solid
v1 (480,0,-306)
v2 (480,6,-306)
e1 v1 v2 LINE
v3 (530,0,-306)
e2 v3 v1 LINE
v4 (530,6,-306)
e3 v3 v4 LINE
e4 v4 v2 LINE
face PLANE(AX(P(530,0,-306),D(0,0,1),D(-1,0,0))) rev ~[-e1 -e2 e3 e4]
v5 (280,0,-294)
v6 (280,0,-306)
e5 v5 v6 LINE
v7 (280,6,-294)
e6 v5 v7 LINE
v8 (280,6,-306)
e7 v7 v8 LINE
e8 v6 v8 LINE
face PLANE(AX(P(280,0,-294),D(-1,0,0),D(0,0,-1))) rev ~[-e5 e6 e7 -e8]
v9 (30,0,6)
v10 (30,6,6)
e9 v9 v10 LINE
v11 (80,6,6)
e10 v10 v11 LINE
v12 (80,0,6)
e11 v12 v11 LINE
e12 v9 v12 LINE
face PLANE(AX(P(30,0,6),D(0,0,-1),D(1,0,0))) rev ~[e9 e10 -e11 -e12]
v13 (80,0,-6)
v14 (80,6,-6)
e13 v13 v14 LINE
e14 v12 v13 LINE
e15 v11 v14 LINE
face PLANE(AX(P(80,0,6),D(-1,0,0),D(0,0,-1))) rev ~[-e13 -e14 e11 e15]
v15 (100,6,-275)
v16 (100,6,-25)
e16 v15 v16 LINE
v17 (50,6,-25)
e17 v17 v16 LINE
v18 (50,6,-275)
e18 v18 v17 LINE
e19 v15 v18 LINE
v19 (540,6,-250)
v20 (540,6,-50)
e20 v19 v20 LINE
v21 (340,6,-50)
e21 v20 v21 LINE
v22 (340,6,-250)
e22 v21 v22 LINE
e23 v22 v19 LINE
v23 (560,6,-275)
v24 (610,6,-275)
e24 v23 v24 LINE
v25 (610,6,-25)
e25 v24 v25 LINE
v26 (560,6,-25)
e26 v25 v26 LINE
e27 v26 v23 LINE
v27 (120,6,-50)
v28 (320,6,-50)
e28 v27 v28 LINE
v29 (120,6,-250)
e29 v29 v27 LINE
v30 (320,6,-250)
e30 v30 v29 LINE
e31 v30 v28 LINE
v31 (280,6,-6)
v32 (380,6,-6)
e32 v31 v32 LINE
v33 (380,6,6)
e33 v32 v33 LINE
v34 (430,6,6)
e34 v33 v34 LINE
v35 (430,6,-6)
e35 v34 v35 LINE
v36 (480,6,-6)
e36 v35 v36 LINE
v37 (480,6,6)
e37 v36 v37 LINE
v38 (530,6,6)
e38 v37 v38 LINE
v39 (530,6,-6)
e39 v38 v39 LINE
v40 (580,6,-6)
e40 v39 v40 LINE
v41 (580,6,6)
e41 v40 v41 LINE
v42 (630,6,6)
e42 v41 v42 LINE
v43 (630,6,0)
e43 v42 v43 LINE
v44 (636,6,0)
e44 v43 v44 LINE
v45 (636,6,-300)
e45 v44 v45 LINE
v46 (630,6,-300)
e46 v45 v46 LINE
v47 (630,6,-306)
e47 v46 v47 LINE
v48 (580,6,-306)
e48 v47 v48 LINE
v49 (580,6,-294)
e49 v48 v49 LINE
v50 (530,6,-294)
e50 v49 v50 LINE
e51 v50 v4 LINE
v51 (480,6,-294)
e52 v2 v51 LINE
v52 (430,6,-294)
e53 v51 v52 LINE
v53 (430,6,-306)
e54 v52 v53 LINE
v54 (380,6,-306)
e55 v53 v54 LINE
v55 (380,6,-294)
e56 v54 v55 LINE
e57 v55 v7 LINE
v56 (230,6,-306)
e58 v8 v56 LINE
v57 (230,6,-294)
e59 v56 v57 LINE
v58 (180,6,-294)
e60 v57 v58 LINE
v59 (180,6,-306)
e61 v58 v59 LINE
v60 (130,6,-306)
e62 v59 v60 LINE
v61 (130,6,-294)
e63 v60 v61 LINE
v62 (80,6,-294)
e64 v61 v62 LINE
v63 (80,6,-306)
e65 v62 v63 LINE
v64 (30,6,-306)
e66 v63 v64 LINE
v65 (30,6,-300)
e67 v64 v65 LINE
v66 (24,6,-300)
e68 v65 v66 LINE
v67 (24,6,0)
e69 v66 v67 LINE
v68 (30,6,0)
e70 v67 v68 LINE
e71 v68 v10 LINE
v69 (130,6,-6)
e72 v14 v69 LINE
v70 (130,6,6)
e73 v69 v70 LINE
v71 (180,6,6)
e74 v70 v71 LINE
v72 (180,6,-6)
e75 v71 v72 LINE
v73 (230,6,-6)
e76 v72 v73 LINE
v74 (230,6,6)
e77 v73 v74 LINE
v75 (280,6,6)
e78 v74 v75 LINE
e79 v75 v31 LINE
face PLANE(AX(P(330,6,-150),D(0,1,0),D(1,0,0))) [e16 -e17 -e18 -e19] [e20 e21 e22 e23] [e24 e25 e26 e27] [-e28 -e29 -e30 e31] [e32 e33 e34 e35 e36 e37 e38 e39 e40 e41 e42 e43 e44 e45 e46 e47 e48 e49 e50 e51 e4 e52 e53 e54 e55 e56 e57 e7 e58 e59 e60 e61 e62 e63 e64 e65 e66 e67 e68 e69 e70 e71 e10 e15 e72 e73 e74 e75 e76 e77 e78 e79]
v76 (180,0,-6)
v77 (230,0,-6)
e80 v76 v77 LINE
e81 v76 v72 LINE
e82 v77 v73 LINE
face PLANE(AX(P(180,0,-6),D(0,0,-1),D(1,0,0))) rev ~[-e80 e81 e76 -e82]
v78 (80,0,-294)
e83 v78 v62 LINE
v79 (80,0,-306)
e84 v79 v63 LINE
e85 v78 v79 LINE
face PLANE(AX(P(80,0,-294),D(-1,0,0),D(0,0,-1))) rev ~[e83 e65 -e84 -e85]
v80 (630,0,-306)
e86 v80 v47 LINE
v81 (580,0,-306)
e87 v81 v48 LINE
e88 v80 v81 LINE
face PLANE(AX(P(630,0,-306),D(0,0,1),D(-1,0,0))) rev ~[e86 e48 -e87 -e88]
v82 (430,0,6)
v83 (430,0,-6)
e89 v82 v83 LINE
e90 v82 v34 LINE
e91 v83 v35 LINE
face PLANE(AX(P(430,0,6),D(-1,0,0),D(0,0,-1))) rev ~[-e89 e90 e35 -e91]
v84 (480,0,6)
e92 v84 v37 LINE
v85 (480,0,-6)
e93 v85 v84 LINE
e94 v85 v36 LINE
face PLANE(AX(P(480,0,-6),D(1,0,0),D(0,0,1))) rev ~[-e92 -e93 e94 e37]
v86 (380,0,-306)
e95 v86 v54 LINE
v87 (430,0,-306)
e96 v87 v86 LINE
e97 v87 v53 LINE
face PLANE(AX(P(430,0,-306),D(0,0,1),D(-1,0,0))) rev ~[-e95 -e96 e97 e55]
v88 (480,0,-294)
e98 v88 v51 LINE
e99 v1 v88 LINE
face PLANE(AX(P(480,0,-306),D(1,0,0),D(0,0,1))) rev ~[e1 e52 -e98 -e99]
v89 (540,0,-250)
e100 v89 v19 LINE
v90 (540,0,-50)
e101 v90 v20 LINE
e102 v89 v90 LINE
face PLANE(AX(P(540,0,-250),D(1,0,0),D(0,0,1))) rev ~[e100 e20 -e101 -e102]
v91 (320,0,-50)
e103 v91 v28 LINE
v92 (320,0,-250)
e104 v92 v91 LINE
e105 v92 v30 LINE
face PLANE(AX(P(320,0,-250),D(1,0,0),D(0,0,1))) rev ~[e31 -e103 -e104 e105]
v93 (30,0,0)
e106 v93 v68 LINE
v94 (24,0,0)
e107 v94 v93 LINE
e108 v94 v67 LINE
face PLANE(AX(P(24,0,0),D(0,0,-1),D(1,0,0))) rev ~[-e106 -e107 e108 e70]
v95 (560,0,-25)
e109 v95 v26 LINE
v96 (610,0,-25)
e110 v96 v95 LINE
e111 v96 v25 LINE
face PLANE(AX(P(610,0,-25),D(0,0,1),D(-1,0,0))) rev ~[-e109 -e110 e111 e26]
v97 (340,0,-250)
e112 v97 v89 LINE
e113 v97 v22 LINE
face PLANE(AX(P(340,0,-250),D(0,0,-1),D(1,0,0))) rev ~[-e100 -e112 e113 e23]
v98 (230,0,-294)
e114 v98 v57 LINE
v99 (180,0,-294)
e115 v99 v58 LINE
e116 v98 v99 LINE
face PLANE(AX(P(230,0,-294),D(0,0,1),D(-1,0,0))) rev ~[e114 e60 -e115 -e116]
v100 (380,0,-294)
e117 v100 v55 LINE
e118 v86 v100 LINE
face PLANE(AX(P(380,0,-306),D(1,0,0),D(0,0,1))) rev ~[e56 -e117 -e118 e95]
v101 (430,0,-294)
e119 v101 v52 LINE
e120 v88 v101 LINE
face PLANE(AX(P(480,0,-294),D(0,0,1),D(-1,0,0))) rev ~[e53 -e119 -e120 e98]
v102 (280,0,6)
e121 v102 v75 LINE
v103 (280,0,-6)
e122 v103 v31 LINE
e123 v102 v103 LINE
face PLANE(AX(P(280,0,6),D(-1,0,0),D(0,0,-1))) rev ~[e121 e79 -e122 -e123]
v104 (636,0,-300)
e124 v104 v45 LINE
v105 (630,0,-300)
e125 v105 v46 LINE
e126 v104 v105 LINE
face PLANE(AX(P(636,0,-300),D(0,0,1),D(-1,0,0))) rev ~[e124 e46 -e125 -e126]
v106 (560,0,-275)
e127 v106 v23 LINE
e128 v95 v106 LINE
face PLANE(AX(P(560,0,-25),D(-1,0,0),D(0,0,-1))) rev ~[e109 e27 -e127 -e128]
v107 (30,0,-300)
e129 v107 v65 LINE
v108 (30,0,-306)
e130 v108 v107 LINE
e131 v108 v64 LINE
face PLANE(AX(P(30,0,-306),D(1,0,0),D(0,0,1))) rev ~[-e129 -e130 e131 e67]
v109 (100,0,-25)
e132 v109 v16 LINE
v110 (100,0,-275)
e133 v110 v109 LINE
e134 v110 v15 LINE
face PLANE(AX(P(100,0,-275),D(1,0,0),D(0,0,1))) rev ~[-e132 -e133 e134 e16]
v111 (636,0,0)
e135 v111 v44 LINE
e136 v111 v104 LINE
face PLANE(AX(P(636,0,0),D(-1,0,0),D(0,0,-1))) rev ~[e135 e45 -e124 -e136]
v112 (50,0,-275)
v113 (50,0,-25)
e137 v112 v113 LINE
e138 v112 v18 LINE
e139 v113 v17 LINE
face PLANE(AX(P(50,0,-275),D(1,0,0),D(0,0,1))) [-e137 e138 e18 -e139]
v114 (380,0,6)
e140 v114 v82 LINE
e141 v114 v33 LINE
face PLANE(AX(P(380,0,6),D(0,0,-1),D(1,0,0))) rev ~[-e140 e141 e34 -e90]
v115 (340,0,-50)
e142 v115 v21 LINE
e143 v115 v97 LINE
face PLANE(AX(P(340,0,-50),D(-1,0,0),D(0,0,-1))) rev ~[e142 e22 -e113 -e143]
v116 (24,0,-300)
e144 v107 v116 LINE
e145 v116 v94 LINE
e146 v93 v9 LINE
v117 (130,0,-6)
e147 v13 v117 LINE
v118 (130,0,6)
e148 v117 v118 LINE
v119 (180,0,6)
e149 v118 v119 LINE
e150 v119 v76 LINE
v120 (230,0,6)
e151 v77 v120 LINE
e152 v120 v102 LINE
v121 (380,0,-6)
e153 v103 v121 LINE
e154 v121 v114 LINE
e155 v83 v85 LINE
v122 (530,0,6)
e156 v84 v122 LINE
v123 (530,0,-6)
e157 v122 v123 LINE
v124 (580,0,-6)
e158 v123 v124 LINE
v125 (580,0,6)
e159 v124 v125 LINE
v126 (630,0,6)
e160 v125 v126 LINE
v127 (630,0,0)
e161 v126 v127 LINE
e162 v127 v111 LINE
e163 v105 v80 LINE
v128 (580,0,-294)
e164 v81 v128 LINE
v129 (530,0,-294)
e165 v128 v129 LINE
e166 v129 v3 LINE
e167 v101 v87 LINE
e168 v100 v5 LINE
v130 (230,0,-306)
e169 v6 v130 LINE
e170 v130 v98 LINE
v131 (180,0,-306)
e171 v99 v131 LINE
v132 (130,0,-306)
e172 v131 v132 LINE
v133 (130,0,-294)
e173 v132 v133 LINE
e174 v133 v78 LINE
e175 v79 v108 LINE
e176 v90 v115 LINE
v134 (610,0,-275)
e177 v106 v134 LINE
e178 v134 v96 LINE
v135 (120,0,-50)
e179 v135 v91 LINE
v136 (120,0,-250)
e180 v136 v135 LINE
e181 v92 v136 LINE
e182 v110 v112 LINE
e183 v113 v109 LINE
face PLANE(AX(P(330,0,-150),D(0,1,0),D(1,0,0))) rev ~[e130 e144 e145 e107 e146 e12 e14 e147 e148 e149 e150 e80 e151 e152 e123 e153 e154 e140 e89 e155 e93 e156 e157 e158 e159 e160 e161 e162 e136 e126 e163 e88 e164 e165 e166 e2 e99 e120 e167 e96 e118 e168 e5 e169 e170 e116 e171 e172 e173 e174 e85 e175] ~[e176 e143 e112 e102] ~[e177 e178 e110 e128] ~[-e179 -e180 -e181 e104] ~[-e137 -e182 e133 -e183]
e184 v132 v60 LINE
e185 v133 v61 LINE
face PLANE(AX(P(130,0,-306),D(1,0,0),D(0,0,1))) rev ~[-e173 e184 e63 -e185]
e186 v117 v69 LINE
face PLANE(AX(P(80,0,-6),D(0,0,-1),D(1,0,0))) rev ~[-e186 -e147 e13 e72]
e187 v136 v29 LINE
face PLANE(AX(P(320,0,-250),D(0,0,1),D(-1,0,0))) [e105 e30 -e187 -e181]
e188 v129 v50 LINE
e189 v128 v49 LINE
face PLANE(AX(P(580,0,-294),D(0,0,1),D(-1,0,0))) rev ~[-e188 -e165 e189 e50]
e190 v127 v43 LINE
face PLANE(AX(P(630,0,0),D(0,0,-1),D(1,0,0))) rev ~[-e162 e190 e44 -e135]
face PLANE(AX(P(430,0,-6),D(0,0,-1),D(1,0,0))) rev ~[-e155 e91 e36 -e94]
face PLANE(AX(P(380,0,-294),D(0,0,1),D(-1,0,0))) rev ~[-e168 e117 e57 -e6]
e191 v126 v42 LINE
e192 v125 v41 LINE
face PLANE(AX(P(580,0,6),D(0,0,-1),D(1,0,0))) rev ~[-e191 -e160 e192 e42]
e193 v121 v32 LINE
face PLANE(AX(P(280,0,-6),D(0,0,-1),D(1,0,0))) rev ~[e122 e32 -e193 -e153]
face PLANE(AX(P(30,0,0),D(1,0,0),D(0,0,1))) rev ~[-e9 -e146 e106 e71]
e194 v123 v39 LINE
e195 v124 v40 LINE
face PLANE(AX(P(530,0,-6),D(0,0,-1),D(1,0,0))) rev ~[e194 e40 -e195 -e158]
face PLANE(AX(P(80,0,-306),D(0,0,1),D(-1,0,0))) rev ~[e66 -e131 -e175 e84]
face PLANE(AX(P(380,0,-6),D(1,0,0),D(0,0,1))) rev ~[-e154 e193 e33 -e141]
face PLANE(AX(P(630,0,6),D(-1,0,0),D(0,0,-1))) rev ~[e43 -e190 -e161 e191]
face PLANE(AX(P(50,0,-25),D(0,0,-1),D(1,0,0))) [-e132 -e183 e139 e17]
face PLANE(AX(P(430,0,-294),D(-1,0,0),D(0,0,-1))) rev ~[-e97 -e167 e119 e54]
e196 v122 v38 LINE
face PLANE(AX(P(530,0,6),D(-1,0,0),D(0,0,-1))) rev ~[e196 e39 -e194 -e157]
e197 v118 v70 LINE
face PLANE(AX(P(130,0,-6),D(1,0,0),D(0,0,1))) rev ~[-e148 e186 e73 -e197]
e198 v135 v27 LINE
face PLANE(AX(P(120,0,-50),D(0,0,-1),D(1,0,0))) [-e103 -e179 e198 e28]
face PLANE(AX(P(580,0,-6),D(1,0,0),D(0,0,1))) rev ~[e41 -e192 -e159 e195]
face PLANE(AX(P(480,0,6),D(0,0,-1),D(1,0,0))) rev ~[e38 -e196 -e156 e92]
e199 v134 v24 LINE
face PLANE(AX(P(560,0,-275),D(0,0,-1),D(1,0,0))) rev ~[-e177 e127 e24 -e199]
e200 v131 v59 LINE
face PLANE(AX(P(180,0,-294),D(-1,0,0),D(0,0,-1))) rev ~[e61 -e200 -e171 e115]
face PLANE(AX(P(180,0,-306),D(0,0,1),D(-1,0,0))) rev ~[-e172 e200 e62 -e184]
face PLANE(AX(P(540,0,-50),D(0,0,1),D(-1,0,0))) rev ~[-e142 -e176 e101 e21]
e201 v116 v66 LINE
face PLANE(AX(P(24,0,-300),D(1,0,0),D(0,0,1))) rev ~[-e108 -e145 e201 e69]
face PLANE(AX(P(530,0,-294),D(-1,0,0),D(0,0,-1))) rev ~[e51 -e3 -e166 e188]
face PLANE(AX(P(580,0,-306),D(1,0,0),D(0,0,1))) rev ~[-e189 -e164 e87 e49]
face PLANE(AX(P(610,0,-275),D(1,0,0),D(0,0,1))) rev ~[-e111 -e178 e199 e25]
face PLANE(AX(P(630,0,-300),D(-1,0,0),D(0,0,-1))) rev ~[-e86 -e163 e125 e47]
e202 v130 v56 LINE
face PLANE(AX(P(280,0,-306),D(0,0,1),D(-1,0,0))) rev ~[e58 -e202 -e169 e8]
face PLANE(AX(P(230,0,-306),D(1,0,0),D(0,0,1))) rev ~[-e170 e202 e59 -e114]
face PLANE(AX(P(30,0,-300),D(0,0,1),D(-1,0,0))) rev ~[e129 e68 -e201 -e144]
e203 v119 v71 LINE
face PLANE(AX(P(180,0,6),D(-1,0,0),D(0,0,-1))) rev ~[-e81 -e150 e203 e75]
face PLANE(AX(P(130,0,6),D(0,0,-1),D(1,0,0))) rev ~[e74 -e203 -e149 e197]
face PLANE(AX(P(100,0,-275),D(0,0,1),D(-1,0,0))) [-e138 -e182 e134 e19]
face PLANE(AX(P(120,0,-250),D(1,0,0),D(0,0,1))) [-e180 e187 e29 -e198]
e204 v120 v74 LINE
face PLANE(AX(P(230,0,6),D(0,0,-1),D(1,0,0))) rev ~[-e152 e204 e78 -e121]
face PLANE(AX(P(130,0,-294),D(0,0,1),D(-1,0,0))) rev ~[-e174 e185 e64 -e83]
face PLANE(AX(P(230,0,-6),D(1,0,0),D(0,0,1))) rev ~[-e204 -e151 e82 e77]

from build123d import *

# Parameters (mm, degrees)
EXTRUDE_1_DEPTH = 6


with BuildPart() as part:
    # 草图1 → 凸台-拉伸1 (new body)
    with BuildSketch(Plane(origin=(0, 0, 0), x_dir=(1, 0, 0), z_dir=(0, 1, 0))):
        Polygon((30, 300), (24, 300), (24, 0), (30, 0), (30, -6), (80, -6), (80, 6), (130, 6), (130, -6), (180, -6), (180, 6), (230, 6), (230, -6), (280, -6), (280, 6), (380, 6), (380, -6), (430, -6), (430, 6), (480, 6), (480, -6), (530, -6), (530, 6), (580, 6), (580, -6), (630, -6), (630, 0), (636, 0), (636, 300), (630, 300), (630, 306), (580, 306), (580, 294), (530, 294), (530, 306), (480, 306), (480, 294), (430, 294), (430, 306), (380, 306), (380, 294), (280, 294), (280, 306), (230, 306), (230, 294), (180, 294), (180, 306), (130, 306), (130, 294), (80, 294), (80, 306), (30, 306), align=None)
        Polygon((340, 150), (340, 250), (540, 250), (540, 50), (340, 50), align=None, mode=Mode.SUBTRACT)
        Polygon((560, 150), (560, 275), (610, 275), (610, 25), (560, 25), align=None, mode=Mode.SUBTRACT)
        Polygon((100, 25), (100, 150), (100, 275), (50, 275), (50, 25), align=None, mode=Mode.SUBTRACT)
        Polygon((320, 50), (320, 150), (320, 250), (120, 250), (120, 50), align=None, mode=Mode.SUBTRACT)
    extrude(amount=EXTRUDE_1_DEPTH)


solid = part.part
